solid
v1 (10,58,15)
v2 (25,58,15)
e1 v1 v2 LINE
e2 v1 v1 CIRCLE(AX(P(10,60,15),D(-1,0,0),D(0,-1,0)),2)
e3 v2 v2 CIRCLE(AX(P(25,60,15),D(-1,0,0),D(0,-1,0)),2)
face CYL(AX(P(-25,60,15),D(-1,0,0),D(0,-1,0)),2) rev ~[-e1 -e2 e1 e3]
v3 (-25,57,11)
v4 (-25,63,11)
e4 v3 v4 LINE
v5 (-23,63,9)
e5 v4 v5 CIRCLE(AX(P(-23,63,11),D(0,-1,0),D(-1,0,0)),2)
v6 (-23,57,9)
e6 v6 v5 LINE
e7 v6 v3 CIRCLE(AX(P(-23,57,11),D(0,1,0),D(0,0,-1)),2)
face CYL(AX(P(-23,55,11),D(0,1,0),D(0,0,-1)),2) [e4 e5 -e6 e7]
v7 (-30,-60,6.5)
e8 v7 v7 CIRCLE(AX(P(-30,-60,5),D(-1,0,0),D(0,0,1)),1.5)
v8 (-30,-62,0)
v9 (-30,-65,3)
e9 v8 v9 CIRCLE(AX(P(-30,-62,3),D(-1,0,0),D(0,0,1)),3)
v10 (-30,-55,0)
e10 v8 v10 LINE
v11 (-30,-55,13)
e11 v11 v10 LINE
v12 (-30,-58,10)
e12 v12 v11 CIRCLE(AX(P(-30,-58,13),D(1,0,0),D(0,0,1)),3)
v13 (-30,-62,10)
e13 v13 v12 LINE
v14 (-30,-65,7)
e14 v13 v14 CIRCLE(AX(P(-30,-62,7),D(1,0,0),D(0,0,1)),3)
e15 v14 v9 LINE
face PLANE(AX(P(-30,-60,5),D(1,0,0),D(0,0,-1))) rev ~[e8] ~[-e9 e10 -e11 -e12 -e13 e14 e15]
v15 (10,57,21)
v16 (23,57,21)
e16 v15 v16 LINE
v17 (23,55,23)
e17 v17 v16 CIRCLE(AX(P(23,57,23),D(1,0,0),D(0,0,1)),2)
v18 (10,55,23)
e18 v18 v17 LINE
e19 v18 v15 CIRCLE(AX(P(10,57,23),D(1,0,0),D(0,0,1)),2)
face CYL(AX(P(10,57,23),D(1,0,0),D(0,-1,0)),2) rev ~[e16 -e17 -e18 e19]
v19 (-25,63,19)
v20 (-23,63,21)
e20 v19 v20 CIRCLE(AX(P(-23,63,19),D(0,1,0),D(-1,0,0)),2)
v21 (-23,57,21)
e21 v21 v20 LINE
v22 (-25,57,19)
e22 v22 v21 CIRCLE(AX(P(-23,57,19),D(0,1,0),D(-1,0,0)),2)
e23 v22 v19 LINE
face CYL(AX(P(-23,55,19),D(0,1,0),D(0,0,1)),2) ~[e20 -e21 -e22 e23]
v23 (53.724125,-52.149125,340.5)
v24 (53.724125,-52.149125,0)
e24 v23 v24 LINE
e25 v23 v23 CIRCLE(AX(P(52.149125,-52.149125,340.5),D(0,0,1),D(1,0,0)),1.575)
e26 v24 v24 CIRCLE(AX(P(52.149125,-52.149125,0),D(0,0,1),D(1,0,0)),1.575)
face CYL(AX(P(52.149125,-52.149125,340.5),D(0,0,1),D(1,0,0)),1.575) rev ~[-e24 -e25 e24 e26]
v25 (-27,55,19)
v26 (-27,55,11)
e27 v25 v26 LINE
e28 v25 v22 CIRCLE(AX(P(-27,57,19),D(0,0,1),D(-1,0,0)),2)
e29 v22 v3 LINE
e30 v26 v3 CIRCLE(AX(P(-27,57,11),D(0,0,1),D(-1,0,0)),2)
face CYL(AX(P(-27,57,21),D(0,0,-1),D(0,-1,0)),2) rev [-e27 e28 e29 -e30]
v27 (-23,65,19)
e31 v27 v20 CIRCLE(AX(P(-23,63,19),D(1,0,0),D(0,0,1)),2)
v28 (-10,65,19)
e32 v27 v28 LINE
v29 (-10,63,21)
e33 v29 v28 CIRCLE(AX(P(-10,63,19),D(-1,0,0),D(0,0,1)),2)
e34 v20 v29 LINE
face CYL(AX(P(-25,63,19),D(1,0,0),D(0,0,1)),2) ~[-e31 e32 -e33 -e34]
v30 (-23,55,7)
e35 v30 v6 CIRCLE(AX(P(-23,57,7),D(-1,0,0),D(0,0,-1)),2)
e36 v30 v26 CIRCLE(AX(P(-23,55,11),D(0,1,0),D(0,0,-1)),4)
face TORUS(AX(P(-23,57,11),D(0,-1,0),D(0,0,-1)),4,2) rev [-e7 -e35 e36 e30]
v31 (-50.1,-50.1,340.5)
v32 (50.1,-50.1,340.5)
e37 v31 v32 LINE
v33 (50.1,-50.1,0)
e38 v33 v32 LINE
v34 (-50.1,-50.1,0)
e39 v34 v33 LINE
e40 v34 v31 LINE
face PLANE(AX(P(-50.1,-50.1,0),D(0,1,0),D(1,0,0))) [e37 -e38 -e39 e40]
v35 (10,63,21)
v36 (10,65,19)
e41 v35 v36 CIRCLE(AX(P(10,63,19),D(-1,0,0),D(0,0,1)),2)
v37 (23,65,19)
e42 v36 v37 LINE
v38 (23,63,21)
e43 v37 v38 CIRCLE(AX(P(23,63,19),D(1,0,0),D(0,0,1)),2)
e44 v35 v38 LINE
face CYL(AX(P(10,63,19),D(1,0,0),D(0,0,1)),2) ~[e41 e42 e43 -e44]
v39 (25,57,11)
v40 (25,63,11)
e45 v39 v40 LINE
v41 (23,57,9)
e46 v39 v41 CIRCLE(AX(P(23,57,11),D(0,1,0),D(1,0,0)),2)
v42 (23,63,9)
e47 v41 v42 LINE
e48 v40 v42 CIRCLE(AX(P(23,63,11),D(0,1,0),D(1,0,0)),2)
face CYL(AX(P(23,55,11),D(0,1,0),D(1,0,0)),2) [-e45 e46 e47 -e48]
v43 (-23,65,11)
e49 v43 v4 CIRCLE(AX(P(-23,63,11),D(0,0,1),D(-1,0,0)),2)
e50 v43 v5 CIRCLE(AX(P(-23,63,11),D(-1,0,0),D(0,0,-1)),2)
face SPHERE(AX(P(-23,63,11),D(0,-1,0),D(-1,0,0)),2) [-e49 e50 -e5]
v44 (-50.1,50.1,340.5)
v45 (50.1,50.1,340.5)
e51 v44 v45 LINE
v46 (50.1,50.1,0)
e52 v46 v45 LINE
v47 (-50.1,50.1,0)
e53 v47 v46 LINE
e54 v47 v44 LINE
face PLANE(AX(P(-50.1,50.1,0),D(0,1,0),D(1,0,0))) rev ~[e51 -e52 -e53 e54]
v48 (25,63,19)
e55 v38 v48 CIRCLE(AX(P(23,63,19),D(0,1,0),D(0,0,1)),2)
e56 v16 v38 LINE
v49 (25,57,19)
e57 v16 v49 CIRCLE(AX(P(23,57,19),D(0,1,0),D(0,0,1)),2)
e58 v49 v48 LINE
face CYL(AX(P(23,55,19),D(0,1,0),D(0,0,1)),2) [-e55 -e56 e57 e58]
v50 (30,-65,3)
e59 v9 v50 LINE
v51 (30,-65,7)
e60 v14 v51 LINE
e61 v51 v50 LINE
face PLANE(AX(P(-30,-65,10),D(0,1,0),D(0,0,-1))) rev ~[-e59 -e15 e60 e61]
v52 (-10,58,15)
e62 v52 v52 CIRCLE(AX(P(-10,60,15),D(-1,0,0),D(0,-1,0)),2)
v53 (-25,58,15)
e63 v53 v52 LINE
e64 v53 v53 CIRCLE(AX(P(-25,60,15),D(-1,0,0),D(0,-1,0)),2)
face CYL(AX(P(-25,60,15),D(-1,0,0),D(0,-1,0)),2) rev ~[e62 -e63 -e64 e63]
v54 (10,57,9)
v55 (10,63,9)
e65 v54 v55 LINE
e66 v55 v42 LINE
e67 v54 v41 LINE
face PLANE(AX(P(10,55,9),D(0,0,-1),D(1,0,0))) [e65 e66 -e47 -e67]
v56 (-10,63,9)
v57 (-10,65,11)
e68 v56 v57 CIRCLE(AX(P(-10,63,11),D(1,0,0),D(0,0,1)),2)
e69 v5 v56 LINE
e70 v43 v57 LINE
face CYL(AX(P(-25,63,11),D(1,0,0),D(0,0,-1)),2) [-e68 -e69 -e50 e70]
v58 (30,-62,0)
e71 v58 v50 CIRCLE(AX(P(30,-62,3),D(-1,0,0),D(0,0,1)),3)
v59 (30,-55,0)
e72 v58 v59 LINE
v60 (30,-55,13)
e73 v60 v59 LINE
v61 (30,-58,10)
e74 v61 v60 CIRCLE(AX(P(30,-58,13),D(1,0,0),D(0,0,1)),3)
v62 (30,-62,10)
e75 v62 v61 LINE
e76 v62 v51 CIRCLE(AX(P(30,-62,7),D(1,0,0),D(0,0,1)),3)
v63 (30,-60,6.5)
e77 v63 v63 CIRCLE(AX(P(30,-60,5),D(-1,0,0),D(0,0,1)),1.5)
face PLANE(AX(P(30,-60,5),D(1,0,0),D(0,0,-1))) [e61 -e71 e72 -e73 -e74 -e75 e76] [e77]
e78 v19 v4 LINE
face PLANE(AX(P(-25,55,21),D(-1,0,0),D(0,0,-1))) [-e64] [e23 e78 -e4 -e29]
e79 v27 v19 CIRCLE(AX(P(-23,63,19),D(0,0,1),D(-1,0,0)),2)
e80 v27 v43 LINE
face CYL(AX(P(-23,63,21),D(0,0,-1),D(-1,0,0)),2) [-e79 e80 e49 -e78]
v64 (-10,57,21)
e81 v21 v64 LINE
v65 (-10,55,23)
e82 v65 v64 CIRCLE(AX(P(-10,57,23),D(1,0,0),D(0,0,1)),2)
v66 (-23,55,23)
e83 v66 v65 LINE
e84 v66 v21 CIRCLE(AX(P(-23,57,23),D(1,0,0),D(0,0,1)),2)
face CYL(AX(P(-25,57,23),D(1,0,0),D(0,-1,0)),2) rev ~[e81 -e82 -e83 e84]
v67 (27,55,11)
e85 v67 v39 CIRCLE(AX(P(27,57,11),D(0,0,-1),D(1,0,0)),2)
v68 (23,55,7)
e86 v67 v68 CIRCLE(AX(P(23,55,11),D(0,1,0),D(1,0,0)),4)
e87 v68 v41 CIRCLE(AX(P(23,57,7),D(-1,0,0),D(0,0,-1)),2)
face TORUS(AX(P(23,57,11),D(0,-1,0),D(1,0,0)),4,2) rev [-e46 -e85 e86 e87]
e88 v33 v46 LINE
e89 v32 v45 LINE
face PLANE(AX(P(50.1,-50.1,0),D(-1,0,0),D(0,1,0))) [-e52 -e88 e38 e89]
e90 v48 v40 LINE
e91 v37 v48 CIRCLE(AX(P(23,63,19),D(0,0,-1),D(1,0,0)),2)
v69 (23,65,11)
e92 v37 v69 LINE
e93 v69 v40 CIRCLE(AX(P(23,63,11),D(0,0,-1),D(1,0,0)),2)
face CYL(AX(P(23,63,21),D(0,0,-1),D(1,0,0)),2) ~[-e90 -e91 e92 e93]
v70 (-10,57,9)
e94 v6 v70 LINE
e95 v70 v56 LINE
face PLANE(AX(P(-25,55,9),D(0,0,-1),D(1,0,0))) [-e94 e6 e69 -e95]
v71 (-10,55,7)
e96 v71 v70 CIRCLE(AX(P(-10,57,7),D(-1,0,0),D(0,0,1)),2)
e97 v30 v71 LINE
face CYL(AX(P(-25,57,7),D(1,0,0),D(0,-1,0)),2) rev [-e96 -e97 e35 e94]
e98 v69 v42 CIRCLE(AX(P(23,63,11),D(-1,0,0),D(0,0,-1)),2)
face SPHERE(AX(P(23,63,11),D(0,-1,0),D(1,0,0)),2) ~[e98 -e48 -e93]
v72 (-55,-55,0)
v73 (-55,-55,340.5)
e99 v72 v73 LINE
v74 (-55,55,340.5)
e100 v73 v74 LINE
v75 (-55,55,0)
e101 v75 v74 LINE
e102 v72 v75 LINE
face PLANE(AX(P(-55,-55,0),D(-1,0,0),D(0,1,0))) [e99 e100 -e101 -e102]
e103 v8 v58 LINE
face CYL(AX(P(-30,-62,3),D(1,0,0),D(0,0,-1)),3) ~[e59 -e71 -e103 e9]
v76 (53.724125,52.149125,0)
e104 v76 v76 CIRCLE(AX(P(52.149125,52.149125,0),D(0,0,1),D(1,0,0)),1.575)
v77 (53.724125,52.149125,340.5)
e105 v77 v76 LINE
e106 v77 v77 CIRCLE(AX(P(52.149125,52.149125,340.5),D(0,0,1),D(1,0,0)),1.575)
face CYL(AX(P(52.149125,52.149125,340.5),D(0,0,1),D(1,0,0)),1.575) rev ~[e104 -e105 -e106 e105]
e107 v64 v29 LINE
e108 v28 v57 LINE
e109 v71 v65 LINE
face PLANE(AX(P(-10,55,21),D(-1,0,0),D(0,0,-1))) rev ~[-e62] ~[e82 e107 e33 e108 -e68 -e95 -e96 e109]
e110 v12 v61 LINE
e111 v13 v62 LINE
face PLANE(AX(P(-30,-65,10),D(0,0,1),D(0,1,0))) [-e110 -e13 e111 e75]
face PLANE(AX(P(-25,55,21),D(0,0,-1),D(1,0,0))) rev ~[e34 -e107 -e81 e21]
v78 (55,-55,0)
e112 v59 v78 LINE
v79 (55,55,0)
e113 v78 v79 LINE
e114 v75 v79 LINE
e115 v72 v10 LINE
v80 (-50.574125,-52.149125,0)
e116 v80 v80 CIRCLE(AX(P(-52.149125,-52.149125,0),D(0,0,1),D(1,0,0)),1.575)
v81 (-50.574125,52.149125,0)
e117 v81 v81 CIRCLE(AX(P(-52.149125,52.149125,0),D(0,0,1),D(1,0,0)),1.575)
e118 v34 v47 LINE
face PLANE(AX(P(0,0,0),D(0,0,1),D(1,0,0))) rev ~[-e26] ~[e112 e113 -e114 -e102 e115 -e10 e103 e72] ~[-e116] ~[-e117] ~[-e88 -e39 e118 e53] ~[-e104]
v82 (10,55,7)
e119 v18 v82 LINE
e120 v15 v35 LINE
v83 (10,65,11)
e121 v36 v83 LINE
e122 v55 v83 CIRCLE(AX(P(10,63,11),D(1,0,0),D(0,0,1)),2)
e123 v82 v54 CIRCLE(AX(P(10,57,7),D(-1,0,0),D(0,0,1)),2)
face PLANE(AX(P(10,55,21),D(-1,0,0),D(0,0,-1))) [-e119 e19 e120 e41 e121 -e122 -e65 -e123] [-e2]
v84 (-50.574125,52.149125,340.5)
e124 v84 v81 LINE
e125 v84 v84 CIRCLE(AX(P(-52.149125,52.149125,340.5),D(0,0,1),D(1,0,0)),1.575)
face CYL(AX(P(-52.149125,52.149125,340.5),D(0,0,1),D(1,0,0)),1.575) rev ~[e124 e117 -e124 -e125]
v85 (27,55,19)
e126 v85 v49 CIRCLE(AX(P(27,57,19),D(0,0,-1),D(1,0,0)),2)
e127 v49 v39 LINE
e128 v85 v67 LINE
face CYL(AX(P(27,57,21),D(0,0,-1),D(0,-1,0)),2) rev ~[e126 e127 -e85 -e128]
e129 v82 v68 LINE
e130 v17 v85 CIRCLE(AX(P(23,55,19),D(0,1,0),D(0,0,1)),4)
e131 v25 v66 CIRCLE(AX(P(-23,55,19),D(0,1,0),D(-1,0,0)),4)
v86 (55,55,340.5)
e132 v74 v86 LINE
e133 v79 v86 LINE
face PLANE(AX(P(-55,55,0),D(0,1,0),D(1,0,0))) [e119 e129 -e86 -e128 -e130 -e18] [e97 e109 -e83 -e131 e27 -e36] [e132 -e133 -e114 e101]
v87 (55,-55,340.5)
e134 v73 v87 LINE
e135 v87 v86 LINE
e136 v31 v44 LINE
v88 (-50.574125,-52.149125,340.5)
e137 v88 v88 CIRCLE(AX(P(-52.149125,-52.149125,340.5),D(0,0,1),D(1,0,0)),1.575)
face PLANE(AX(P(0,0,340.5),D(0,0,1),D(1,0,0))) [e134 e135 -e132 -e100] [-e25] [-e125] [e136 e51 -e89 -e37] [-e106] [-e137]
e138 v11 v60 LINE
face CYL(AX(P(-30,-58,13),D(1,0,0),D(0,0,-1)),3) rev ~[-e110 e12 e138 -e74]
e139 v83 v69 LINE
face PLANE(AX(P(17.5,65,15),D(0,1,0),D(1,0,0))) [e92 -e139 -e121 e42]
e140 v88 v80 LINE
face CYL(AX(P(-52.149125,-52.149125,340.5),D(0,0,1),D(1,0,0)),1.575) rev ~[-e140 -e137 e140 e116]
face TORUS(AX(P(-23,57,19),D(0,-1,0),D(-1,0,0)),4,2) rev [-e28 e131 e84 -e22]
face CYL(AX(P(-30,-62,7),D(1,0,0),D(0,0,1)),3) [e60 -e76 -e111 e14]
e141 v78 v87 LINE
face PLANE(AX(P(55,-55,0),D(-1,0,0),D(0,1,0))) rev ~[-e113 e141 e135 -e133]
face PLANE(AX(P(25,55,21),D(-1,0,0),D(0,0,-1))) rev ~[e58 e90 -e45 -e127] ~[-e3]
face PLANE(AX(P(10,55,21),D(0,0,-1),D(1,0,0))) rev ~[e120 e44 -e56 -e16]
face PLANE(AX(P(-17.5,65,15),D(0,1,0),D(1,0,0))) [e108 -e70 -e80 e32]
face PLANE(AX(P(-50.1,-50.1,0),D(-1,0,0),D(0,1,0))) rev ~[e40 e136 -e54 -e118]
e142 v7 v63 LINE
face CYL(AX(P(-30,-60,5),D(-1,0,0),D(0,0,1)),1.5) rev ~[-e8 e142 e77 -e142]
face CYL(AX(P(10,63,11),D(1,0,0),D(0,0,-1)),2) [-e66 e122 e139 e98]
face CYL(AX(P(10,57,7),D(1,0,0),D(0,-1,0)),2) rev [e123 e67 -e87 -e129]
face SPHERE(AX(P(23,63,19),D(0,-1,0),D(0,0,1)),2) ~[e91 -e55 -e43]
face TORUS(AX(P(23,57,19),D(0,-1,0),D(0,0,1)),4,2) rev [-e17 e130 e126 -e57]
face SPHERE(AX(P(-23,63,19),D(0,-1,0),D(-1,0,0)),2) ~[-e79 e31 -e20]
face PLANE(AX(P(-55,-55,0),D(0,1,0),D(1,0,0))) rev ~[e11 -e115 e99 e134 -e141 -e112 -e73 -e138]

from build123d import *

# Parameters (mm, degrees)
SKETCH1_W                = 110
SKETCH1_H                = 110
SKETCH1_W_2              = 100.2
SKETCH1_H_2              = 100.2
BOSS_EXTRUDE1_DEPTH      = 340.5
CUT_EXTRUDE1_REACH       = 351.271
SKETCH2_R                = 1.575
BOSS_EXTRUDE3_DEPTH      = 30
BOSS_EXTRUDE3_DEPTH_BACK = 30
SKETCH3_W                = 10
SKETCH3_H                = 10
SKETCH4_R                = 1.5
CUT_EXTRUDE2_DEPTH       = 60
SKETCH6_W                = 15
SKETCH6_H                = 12
BOSS_EXTRUDE4_DEPTH      = 10
CUT_EXTRUDE3_REACH       = 357.76
SKETCH7_R                = 2
FILLET1_R                = 2
FILLET2_R                = 3


with BuildPart() as part:
    # Sketch1 → Boss-Extrude1 (new body)
    with BuildSketch(Plane.XY):
        Rectangle(SKETCH1_W, SKETCH1_H)
        Rectangle(SKETCH1_W_2, SKETCH1_H_2, mode=Mode.SUBTRACT)
    extrude(amount=BOSS_EXTRUDE1_DEPTH)

    # Sketch2 → Cut-Extrude1 (cut, up to next)
    with BuildSketch(Plane.XY.offset(340.5), mode=Mode.PRIVATE) as cut_extrude1_sk1:
        with Locations((-52.149125113, 52.149125113)):
            Circle(SKETCH2_R)
    cut_extrude1_tool1 = extrude(cut_extrude1_sk1.sketch, amount=-CUT_EXTRUDE1_REACH, mode=Mode.PRIVATE) & part.part
    # Sketch2 → Cut-Extrude1 (cut, up to next)
    with BuildSketch(Plane.XY.offset(340.5), mode=Mode.PRIVATE) as cut_extrude1_sk2:
        with Locations((52.149125113, 52.149125113)):
            Circle(SKETCH2_R)
    cut_extrude1_tool2 = extrude(cut_extrude1_sk2.sketch, amount=-CUT_EXTRUDE1_REACH, mode=Mode.PRIVATE) & part.part
    # Sketch2 → Cut-Extrude1 (cut, up to next)
    with BuildSketch(Plane.XY.offset(340.5), mode=Mode.PRIVATE) as cut_extrude1_sk3:
        with Locations((52.149125113, -52.149125113)):
            Circle(SKETCH2_R)
    cut_extrude1_tool3 = extrude(cut_extrude1_sk3.sketch, amount=-CUT_EXTRUDE1_REACH, mode=Mode.PRIVATE) & part.part
    # Sketch2 → Cut-Extrude1 (cut, up to next)
    with BuildSketch(Plane.XY.offset(340.5), mode=Mode.PRIVATE) as cut_extrude1_sk4:
        with Locations((-52.149125113, -52.149125113)):
            Circle(SKETCH2_R)
    cut_extrude1_tool4 = extrude(cut_extrude1_sk4.sketch, amount=-CUT_EXTRUDE1_REACH, mode=Mode.PRIVATE) & part.part
    add(cut_extrude1_tool1.solids().sort_by_distance((-52.149125, 52.149125, 340.5))[0], mode=Mode.SUBTRACT)
    add(cut_extrude1_tool2.solids().sort_by_distance((52.149125, 52.149125, 340.5))[0], mode=Mode.SUBTRACT)
    add(cut_extrude1_tool3.solids().sort_by_distance((52.149125, -52.149125, 340.5))[0], mode=Mode.SUBTRACT)
    add(cut_extrude1_tool4.solids().sort_by_distance((-52.149125, -52.149125, 340.5))[0], mode=Mode.SUBTRACT)

    # Sketch3 → Boss-Extrude3 (add, two sides: drawn at the far end of the back side and taken through both)
    with BuildSketch(Plane(origin=(0, 0, 0), x_dir=(0, 0, -1), z_dir=(1, 0, 0)).offset(-BOSS_EXTRUDE3_DEPTH_BACK)):
        with Locations((-5, -60)):
            Rectangle(SKETCH3_W, SKETCH3_H)
    extrude(amount=BOSS_EXTRUDE3_DEPTH + BOSS_EXTRUDE3_DEPTH_BACK)

    # Sketch4 → Cut-Extrude2 (cut)
    with BuildSketch(Plane.ZY.offset(30)):
        with Locations((5, -60)):
            Circle(SKETCH4_R)
    extrude(amount=-CUT_EXTRUDE2_DEPTH, mode=Mode.SUBTRACT)

    # Sketch6 → Boss-Extrude4 (add)
    with BuildSketch(Plane(origin=(0, 55, 0), x_dir=(1, 0, 0), z_dir=(0, 1, 0))):
        with Locations((-17.5, -15)):
            Rectangle(SKETCH6_W, SKETCH6_H)
        with Locations((17.5, -15)):
            Rectangle(SKETCH6_W, SKETCH6_H)
    extrude(amount=BOSS_EXTRUDE4_DEPTH)

    # Cut-Extrude3: up to this face of the body (flat: up to its plane)
    cut_extrude3_end = Plane(part.part.faces().sort_by_distance((25, 60, 15))[0])
    # Sketch7 → Cut-Extrude3 (cut, up to the picked face)
    with BuildSketch(Plane.ZY.offset(25), mode=Mode.PRIVATE) as cut_extrude3_sk1:
        with Locations(Location((15, 60, 0), (0, 0, 270))):
            Circle(SKETCH7_R)
    cut_extrude3_tool1 = split(extrude(cut_extrude3_sk1.sketch, amount=-CUT_EXTRUDE3_REACH, mode=Mode.PRIVATE), bisect_by=cut_extrude3_end, keep=Keep.BOTH, mode=Mode.PRIVATE)
    add(cut_extrude3_tool1.solids().sort_by(Axis((-25, 60, 15), (1, 0, 0)))[0], mode=Mode.SUBTRACT)

    # Fillet1
    fillet1_edges = [part.edges().sort_by_distance(p)[0] for p in [
        (-25, 55, 15),
        (-25, 60, 9),
        (-17.5, 55, 21),
        (-25, 60, 21),
        (-17.5, 55, 9),
        (-25, 65, 15),
        (-17.5, 65, 21),
        (-17.5, 65, 9),
        (17.5, 55, 21),
        (25, 55, 15),
        (25, 60, 21),
        (17.5, 55, 9),
        (25, 60, 9),
        (17.5, 65, 21),
        (25, 65, 15),
        (17.5, 65, 9),
    ]]
    fillet(fillet1_edges, radius=FILLET1_R)

    # Fillet2
    fillet2_edges = [part.edges().sort_by_distance(p)[0] for p in [
        (0, -65, 0),
        (0, -65, 10),
        (0, -55, 10),
    ]]
    fillet(fillet2_edges, radius=FILLET2_R)


solid = part.part
